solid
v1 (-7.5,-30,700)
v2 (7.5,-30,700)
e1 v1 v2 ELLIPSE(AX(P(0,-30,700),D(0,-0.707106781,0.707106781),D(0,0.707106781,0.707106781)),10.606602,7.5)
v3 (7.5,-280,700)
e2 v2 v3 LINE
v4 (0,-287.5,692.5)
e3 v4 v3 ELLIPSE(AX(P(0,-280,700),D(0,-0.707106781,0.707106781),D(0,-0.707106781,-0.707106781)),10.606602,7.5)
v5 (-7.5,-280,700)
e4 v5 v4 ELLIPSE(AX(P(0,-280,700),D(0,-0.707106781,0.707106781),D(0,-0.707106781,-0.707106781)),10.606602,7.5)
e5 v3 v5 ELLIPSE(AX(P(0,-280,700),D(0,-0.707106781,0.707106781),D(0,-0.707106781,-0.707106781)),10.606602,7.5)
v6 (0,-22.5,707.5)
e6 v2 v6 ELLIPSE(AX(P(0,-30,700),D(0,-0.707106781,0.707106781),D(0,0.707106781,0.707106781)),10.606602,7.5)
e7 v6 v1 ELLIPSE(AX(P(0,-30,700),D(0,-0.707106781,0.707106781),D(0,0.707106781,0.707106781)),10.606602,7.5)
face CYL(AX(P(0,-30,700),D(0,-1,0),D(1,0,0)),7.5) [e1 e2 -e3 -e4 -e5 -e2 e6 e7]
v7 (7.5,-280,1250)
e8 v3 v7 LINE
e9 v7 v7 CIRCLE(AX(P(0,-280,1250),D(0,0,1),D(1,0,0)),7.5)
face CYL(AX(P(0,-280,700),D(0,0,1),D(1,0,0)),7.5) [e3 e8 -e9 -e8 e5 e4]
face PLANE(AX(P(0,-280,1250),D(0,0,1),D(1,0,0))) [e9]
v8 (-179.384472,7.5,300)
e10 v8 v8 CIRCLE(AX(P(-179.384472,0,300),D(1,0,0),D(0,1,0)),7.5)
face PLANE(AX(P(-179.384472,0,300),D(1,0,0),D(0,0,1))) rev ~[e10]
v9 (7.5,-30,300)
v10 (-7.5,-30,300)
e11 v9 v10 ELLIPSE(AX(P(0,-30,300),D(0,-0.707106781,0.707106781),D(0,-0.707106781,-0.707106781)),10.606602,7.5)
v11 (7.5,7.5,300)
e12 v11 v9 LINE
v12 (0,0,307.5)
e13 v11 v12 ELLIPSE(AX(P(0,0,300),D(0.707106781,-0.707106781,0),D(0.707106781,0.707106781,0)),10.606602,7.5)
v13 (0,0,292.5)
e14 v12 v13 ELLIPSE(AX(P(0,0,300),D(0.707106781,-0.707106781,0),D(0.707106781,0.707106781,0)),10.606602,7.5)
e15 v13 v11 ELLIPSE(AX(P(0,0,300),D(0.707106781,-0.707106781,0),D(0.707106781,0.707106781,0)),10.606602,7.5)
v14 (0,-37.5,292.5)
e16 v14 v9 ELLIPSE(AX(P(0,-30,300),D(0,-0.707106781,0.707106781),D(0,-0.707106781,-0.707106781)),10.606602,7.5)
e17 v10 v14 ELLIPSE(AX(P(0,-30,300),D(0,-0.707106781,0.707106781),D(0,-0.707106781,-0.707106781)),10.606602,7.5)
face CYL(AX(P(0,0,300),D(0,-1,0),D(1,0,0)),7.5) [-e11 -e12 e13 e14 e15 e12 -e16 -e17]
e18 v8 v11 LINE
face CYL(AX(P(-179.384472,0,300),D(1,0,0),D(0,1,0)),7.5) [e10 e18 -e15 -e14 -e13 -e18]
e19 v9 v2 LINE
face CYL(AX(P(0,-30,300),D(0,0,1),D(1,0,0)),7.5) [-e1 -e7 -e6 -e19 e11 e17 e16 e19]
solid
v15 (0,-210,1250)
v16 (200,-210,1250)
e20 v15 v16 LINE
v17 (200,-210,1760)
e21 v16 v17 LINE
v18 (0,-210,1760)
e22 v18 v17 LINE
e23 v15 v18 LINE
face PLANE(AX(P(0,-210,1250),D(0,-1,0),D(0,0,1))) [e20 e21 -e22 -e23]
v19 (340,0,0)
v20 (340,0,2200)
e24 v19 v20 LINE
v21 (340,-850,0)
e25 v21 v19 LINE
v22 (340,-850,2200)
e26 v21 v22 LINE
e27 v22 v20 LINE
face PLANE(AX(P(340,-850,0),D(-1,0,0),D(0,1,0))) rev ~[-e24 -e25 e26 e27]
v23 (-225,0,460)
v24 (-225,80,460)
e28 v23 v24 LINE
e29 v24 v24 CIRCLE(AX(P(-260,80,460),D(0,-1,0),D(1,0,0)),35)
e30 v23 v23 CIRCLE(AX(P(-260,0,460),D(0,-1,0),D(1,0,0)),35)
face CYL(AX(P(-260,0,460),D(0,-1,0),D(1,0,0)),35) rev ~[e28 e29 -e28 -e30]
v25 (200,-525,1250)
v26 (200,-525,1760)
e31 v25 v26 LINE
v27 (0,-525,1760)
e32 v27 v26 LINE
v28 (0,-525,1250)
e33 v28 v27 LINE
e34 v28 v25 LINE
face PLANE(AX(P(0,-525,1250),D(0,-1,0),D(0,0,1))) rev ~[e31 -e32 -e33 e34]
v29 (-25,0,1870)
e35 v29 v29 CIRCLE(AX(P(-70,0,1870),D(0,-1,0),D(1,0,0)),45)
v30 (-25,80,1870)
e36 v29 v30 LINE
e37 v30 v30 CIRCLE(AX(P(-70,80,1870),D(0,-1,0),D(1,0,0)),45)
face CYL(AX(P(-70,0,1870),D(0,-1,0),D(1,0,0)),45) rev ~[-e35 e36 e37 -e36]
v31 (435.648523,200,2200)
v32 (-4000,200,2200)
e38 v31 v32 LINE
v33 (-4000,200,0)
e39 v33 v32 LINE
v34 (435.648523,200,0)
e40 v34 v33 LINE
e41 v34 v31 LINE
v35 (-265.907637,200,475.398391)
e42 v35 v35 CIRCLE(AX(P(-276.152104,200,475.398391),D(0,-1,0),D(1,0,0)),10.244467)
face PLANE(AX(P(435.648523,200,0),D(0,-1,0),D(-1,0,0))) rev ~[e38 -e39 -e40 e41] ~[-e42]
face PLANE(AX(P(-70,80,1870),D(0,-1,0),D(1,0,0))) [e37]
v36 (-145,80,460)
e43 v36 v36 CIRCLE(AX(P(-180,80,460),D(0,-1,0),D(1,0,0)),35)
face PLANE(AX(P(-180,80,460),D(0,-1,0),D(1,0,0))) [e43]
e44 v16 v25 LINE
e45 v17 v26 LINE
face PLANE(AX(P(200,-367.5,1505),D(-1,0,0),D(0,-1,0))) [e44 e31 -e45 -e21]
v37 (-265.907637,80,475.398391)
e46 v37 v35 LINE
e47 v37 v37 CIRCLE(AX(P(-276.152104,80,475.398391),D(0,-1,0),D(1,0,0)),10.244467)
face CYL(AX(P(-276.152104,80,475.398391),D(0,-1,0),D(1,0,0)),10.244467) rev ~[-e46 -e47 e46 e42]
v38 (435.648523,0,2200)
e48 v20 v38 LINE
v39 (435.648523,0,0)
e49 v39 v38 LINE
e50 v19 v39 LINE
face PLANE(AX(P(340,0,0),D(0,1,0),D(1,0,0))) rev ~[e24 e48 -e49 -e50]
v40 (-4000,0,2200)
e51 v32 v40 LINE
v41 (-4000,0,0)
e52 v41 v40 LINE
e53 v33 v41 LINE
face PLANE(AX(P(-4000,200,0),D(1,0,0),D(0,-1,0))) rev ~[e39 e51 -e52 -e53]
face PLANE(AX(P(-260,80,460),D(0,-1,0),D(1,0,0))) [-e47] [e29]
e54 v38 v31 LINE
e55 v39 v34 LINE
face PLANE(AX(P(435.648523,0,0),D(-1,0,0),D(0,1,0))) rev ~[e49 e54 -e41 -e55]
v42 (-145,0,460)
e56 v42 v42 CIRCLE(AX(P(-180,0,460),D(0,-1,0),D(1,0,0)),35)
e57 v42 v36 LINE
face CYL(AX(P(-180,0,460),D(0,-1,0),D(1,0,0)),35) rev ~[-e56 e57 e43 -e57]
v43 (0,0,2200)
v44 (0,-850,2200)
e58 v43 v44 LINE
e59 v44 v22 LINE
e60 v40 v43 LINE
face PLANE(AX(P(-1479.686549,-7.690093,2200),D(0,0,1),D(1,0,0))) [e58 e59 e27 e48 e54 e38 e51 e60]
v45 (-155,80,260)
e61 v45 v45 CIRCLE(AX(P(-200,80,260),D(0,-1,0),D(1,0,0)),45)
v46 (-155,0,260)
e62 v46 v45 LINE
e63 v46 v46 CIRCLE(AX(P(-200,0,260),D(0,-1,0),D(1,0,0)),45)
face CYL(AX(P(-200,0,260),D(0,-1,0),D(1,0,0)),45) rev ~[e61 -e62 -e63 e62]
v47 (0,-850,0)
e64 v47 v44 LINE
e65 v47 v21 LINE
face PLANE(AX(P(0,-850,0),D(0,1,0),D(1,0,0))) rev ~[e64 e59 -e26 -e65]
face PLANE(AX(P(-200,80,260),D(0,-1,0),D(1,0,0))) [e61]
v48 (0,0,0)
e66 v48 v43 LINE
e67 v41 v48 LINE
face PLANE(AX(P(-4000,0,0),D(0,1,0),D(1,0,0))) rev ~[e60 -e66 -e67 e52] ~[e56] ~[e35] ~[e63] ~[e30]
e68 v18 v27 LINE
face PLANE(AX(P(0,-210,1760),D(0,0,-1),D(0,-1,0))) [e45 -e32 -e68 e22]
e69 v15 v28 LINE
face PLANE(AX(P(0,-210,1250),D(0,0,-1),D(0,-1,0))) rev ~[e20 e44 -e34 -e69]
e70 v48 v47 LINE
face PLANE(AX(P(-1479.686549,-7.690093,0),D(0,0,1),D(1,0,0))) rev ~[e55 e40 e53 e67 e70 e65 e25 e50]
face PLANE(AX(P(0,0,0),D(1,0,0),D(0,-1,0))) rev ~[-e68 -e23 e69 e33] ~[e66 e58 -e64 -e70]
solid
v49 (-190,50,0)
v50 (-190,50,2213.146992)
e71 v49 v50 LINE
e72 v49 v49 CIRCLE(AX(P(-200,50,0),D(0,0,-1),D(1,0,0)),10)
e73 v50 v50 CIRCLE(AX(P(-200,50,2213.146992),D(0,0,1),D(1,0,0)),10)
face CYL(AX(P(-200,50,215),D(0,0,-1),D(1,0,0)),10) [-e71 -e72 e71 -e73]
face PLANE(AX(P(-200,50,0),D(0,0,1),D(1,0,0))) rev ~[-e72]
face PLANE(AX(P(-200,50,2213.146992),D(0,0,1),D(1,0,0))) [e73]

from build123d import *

# Parameters (mm, degrees)
F1_DEPTH  = 2200
F2_W      = 315
F2_H      = 510
F3_DEPTH  = 200
F5_R      = 45
F5_R_2    = 35
F6_DEPTH  = 80
F8_R      = 10
F11_R     = 7.5
F13_R     = 10.2444666601
F14_DEPTH = 120.001


with BuildPart() as f1:
    # F0 (on Top) → F1 (new body)
    with BuildSketch(Plane.XY):
        Polygon((-4000, 0), (0, 0), (0, -850), (340, -850), (340, 0), (435.6485232387, 0), (435.6485232387, 200), (-4000, 200), align=None)
    extrude(amount=F1_DEPTH)

    # F2 (on face) → F3 (cut)
    with BuildSketch(Plane(origin=(0, 0, 0), x_dir=(0, -1, 0), z_dir=(-1, 0, 0))):
        with Locations((367.5, 1505)):
            Rectangle(F2_W, F2_H)
    extrude(amount=-F3_DEPTH, mode=Mode.SUBTRACT)

    # F5 (on face) → F6 (cut)
    with BuildSketch(Plane.XZ):
        with Locations((-200, 260)):
            Circle(F5_R)
        with Locations((-70, 1870)):
            Circle(F5_R)
        with Locations((-180, 460)):
            Circle(F5_R_2)
        with Locations((-260, 460)):
            Circle(F5_R_2)
    extrude(amount=-F6_DEPTH, mode=Mode.SUBTRACT)

    # F13 (on face) → F14 (cut, through all)
    with BuildSketch(Plane.XZ.offset(-80)):
        with Locations((-276.1521041393, 475.3983914852)):
            Circle(F13_R)
    extrude(amount=-F14_DEPTH, mode=Mode.SUBTRACT)


with BuildPart() as f9:
    # F9: sweep along a path in F7
    with BuildLine(Plane.XZ) as f9_path:
        Line((-200, 215), (-200, 0))
    # F8 (on Top) → F9 (sweep)
    with BuildSketch(Plane.XY):
        with Locations((-200, 50)):
            Circle(F8_R)
    sweep(path=f9_path.line)

    # F10: sweep along a path in F7
    with BuildLine(Plane.XZ) as f10_path:
        Line((-200, 305), (-200, 2518.1469917297))
    # F8 (on Top) → F10 (sweep)
    with BuildSketch(Plane.XY):
        with Locations((-200, 50)):
            Circle(F8_R)
    sweep(path=f10_path.line)


with BuildPart() as f12:
    # F12: sweep along a path in F7, F4
    with BuildLine(Plane.XZ) as f12_path:
        Line((-179.3844718719, 300), (0, 300))
    with BuildLine(Plane(origin=(0, 0, 0), x_dir=(0, -1, 0), z_dir=(-1, 0, 0))) as f12_path_2:
        Line((0, 300), (30, 300))
        Line((30, 300), (30, 700))
        Line((30, 700), (280, 700))
        Line((280, 700), (280, 1250))
    # F11 (on Right) → F12 (sweep)
    with BuildSketch(Plane.YZ):
        with Locations((0, 300)):
            Circle(F11_R)
    sweep(path=f12_path.line + f12_path_2.line, transition=Transition.RIGHT)


solid = Compound([f1.part, f9.part, f12.part])
